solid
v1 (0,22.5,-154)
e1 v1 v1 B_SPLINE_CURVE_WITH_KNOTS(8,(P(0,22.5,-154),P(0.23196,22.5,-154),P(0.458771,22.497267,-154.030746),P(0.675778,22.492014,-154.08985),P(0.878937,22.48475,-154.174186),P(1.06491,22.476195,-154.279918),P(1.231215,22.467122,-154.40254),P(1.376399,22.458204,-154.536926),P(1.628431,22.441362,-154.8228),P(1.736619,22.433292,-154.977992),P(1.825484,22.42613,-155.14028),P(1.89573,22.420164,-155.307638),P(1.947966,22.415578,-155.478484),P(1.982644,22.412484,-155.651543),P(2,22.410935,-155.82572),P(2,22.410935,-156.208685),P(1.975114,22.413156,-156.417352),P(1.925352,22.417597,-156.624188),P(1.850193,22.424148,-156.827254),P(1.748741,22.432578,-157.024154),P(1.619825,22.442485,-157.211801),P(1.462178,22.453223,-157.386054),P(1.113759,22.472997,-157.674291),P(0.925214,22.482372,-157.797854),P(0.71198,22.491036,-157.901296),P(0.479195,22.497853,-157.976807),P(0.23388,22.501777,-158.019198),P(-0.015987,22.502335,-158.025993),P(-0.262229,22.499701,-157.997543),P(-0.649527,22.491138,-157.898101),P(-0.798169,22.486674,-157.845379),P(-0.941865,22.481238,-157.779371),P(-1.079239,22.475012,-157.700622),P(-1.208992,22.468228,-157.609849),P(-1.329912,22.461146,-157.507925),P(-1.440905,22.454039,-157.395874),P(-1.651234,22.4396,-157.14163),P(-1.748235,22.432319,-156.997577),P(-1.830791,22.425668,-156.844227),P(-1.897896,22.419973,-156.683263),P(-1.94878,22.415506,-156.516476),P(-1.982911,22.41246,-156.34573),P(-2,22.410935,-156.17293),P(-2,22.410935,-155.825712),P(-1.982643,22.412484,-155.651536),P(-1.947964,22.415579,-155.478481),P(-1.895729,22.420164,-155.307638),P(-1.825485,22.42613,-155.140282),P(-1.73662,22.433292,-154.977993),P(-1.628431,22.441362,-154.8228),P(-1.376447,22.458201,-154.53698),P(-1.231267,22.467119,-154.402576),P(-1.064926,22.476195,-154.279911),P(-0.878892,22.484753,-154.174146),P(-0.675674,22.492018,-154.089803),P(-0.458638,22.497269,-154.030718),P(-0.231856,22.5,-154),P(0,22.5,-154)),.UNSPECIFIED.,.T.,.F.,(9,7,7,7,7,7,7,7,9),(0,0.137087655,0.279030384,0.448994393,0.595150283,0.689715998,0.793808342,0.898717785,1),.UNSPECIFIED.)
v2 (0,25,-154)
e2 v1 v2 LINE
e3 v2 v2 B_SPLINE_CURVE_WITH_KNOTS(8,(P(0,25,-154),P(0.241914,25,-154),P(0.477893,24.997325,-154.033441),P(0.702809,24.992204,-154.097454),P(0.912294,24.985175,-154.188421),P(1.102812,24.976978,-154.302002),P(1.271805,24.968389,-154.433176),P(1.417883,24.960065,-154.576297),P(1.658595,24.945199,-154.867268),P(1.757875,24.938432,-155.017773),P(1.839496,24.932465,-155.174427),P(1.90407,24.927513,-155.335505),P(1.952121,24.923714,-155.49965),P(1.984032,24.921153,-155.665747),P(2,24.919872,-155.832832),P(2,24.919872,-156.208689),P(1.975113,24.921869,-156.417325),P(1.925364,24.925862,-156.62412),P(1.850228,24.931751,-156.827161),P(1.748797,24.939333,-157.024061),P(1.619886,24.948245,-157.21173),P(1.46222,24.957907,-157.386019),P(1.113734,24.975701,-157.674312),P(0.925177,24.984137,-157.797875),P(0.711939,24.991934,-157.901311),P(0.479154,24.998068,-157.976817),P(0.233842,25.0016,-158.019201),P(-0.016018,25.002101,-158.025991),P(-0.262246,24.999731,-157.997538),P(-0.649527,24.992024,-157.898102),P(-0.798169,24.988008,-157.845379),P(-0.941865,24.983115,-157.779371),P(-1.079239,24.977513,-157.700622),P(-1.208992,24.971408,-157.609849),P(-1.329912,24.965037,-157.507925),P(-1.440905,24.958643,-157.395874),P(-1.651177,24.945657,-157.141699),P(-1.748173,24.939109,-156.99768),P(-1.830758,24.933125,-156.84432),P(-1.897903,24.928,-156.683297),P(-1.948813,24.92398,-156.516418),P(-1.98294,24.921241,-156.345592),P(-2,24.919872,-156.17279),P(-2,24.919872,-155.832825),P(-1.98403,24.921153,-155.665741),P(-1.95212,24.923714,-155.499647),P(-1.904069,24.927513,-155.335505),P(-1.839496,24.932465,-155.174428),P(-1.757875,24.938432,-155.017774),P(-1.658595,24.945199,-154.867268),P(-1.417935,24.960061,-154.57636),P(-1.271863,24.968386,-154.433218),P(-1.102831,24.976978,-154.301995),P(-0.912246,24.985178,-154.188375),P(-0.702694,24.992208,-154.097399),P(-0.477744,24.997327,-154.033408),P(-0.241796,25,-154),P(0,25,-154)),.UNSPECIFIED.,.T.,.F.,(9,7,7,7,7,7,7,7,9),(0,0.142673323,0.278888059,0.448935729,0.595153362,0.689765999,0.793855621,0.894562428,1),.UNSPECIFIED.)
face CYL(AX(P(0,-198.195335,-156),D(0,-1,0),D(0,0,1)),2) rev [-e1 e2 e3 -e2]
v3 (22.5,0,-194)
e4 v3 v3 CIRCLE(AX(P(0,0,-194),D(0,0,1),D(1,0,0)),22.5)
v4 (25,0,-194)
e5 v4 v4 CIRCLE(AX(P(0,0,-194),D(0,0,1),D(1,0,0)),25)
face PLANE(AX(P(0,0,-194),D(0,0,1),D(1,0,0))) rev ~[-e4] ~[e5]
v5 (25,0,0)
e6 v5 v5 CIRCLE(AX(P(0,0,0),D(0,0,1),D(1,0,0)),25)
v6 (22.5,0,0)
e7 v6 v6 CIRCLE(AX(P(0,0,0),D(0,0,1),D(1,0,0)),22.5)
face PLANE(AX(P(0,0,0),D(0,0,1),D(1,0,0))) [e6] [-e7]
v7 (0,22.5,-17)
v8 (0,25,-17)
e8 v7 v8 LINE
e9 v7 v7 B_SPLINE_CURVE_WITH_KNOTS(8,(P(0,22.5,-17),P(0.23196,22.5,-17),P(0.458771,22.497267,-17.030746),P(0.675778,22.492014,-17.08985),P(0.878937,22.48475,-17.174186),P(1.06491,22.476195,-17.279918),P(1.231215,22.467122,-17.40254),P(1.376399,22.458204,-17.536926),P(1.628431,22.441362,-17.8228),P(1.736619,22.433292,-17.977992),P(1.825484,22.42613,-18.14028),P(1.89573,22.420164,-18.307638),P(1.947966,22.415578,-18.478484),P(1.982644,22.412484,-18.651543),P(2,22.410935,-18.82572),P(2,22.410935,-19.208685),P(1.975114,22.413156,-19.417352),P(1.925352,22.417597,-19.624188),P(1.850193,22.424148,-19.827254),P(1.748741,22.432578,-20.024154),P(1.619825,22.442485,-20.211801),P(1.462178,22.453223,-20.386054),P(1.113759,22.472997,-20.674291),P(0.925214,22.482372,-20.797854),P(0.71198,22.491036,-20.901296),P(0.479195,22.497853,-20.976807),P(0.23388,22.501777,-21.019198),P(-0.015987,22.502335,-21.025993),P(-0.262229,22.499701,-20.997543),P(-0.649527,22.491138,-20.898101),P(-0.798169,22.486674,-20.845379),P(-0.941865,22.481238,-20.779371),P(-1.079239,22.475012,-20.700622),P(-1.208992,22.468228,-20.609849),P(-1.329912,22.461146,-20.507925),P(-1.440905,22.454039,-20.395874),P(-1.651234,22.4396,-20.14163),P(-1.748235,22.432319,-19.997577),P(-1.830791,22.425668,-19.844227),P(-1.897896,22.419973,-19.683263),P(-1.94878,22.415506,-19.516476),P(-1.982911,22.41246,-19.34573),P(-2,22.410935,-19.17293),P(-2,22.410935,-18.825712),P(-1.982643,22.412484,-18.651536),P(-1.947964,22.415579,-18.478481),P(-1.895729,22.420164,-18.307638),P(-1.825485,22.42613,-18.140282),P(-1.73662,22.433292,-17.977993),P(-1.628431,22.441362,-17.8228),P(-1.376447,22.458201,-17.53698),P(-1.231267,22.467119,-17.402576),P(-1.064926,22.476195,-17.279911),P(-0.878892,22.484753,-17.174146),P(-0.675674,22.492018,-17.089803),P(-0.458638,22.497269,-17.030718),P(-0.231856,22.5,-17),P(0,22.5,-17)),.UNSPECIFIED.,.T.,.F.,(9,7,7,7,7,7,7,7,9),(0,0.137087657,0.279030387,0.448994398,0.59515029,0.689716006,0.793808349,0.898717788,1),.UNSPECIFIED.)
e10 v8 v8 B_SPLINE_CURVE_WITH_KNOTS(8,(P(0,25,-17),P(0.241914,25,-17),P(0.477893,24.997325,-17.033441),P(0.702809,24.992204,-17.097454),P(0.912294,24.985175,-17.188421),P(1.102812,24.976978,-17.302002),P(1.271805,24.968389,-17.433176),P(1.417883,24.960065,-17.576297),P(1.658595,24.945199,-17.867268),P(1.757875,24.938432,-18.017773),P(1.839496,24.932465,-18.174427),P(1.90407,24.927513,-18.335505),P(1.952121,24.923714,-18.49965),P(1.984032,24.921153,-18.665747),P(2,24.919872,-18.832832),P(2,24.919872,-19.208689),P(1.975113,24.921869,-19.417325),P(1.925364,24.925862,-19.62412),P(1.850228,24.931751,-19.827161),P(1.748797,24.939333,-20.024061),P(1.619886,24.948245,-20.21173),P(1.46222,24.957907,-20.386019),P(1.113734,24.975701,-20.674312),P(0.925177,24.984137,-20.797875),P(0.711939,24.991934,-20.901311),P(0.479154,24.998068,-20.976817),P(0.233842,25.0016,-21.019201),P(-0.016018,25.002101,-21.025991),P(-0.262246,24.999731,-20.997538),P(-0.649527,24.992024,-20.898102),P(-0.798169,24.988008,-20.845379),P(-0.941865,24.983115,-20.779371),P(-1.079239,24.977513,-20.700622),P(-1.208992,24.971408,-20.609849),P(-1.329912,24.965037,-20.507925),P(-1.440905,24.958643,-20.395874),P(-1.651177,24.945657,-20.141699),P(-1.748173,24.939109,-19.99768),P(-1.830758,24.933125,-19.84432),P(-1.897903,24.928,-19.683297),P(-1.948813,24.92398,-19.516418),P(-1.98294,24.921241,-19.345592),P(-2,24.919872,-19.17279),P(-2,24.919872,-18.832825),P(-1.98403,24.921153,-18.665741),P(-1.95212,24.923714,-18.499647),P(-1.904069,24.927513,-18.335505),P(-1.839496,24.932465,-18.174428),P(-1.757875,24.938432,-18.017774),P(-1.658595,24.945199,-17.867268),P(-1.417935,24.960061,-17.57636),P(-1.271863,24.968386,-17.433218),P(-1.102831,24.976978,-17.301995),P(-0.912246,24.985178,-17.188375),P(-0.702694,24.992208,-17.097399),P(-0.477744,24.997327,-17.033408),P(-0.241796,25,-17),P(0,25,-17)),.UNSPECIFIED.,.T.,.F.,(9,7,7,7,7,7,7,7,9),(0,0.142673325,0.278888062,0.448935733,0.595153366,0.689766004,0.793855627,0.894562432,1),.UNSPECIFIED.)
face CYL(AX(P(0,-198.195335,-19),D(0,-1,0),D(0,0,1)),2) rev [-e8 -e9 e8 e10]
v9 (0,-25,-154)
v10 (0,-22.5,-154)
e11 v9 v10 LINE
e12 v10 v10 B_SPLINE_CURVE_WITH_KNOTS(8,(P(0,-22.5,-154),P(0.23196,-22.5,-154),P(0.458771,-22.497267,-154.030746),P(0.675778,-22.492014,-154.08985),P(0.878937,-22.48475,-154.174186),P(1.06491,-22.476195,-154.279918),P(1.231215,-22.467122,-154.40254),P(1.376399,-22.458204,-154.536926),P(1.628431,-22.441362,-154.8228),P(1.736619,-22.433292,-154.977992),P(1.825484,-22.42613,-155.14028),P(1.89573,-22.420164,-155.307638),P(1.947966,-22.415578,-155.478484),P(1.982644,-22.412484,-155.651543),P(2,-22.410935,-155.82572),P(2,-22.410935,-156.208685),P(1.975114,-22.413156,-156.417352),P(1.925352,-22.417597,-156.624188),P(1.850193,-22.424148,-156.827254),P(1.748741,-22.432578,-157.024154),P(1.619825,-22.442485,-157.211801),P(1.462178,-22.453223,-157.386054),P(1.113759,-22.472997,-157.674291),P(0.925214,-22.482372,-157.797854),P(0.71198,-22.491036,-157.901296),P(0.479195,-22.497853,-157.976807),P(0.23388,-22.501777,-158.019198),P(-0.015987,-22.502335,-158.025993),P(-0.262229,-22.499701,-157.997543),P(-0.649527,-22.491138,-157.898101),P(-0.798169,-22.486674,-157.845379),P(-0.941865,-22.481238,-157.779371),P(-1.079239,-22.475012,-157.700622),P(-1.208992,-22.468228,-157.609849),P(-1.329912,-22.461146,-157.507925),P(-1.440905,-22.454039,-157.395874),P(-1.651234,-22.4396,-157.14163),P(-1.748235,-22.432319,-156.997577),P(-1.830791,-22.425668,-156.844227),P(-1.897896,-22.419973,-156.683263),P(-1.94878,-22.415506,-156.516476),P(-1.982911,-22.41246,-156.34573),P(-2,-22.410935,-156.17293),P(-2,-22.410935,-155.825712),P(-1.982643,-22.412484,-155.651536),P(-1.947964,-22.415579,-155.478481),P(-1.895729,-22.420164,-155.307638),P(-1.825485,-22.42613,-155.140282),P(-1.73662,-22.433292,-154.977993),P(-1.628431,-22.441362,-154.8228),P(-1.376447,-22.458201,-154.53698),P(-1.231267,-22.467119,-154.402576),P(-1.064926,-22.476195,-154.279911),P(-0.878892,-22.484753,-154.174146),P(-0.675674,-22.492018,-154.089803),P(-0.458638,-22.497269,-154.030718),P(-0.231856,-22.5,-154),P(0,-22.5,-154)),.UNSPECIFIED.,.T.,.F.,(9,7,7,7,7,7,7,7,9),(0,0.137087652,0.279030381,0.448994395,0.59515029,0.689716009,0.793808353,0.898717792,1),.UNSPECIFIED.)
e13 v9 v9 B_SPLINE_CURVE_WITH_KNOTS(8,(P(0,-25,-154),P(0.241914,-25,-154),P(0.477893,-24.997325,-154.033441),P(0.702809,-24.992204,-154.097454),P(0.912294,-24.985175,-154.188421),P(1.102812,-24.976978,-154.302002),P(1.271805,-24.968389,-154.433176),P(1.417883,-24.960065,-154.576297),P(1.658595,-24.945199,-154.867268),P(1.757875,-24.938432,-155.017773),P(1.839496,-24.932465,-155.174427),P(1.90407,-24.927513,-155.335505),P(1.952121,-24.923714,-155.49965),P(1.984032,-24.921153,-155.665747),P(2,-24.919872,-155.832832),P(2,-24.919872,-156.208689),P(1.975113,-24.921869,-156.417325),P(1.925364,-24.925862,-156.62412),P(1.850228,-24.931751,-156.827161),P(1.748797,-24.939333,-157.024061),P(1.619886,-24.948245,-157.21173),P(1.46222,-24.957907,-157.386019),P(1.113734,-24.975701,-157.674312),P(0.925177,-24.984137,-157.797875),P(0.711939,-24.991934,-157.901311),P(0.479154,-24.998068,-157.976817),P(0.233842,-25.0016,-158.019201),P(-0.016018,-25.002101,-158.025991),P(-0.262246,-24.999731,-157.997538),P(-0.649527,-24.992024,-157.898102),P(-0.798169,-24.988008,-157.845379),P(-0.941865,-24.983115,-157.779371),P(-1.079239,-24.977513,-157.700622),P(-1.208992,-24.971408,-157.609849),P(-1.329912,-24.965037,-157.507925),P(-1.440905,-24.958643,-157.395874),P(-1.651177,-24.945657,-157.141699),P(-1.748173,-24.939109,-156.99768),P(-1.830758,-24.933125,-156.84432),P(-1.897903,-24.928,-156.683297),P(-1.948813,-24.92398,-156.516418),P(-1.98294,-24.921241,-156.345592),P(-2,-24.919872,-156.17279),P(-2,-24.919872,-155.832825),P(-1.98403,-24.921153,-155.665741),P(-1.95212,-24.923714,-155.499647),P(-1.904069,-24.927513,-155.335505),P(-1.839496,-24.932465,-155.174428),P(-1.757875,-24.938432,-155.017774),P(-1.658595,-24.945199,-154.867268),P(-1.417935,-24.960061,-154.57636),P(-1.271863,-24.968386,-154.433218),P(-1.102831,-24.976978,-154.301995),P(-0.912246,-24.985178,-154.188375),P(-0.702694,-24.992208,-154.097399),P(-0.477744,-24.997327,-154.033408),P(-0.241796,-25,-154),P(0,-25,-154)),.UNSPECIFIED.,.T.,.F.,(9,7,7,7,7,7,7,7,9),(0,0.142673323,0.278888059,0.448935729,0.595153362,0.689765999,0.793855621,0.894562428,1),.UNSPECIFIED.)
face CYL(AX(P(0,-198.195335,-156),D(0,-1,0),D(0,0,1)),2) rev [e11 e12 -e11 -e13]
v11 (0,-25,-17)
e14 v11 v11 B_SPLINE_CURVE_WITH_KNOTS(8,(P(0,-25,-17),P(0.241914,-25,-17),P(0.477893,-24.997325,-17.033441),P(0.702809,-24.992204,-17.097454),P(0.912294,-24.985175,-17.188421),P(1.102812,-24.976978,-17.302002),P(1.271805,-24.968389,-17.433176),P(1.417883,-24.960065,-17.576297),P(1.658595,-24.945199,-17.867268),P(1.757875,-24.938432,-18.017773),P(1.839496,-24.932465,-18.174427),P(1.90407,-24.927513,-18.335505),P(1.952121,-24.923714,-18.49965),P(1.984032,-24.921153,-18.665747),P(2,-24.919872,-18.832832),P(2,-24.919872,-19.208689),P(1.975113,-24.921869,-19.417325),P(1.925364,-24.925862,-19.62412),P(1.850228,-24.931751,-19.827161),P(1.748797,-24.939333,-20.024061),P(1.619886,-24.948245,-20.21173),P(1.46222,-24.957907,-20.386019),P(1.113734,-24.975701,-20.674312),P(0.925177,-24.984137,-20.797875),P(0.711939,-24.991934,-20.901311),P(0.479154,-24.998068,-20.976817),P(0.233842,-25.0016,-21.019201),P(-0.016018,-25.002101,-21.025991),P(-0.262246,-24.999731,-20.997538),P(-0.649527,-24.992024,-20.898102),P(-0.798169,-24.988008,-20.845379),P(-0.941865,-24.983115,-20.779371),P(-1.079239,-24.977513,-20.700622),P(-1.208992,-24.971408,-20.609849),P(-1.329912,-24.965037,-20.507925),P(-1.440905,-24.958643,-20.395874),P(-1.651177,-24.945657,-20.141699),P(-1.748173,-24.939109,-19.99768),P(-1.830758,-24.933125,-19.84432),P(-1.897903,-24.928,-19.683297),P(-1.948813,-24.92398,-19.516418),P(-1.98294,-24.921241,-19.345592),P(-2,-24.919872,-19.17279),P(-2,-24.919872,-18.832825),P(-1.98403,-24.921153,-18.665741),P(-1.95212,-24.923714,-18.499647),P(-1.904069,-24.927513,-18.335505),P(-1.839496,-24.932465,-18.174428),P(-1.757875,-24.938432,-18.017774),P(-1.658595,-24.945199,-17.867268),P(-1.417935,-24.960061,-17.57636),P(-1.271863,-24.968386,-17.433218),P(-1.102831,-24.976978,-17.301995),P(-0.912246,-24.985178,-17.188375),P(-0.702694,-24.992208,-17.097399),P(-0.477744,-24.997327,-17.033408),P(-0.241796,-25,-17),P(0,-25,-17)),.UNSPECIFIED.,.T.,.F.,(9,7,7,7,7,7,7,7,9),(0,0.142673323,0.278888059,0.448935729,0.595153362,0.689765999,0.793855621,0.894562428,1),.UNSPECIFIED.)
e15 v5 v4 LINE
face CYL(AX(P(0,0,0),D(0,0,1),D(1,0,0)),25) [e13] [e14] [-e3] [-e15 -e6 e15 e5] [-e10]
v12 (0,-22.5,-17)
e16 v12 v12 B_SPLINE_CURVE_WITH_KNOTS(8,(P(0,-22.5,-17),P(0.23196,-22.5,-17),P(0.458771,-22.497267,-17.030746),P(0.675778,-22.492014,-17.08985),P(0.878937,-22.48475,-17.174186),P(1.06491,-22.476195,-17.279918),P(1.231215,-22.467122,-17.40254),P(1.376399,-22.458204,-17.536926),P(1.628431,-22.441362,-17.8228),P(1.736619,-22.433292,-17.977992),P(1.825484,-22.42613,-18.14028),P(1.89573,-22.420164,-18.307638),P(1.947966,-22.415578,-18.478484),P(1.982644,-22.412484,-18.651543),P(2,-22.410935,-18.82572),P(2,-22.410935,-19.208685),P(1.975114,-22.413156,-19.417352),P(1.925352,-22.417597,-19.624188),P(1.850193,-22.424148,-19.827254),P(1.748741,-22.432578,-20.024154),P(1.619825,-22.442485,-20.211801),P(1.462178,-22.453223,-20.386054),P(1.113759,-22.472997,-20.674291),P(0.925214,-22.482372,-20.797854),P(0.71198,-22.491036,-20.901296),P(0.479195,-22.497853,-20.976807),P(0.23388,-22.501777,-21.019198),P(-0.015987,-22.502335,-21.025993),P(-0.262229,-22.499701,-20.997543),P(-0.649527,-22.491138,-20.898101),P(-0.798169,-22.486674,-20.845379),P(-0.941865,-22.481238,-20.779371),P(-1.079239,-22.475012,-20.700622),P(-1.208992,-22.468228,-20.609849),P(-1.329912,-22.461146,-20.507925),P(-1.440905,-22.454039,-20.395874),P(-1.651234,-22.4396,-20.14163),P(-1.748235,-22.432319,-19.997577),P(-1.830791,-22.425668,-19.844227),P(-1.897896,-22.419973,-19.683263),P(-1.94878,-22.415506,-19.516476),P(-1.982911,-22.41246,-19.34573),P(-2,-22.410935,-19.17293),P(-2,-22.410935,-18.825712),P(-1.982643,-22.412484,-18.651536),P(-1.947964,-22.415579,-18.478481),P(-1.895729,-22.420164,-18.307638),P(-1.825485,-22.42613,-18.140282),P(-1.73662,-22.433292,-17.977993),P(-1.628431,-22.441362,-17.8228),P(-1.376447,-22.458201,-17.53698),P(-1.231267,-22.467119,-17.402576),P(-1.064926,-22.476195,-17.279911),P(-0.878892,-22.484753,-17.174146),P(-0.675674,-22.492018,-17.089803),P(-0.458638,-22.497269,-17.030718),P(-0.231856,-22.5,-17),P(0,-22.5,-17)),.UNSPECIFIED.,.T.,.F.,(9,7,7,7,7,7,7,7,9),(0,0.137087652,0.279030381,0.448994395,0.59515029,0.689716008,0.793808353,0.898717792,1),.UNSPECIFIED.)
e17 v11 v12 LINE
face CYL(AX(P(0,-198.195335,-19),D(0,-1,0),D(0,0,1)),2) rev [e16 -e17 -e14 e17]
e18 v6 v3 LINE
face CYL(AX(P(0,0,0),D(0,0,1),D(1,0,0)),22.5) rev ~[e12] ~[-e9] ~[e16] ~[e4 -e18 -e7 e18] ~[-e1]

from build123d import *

# Parameters (mm, degrees)
SKETCH1_R               = 25
SKETCH1_R_2             = 22.5
BOSS_EXTRUDE1_DEPTH     = 194
CUT_EXTRUDE1_DEPTH      = 198.19533463
CUT_EXTRUDE1_DEPTH_BACK = 198.19533463
SKETCH10_R              = 2


with BuildPart() as part:
    # Sketch1 → Boss-Extrude1 (new body)
    with BuildSketch(Plane.XY):
        Circle(SKETCH1_R)
        Circle(SKETCH1_R_2, mode=Mode.SUBTRACT)
    extrude(amount=-BOSS_EXTRUDE1_DEPTH)

    # Sketch10 → Cut-Extrude1 (cut, two sides: drawn at the far end of the back side and taken through both)
    with BuildSketch(Plane(origin=(0, 0, 0), x_dir=(1, 0, 0), z_dir=(0, 1, 0)).offset(-CUT_EXTRUDE1_DEPTH_BACK)):
        with Locations(Location((0, 156, 0), (0, 0, 270))):
            Circle(SKETCH10_R)
        with Locations(Location((0, 19, 0), (0, 0, 270))):
            Circle(SKETCH10_R)
    extrude(amount=CUT_EXTRUDE1_DEPTH + CUT_EXTRUDE1_DEPTH_BACK, mode=Mode.SUBTRACT)


solid = part.part
